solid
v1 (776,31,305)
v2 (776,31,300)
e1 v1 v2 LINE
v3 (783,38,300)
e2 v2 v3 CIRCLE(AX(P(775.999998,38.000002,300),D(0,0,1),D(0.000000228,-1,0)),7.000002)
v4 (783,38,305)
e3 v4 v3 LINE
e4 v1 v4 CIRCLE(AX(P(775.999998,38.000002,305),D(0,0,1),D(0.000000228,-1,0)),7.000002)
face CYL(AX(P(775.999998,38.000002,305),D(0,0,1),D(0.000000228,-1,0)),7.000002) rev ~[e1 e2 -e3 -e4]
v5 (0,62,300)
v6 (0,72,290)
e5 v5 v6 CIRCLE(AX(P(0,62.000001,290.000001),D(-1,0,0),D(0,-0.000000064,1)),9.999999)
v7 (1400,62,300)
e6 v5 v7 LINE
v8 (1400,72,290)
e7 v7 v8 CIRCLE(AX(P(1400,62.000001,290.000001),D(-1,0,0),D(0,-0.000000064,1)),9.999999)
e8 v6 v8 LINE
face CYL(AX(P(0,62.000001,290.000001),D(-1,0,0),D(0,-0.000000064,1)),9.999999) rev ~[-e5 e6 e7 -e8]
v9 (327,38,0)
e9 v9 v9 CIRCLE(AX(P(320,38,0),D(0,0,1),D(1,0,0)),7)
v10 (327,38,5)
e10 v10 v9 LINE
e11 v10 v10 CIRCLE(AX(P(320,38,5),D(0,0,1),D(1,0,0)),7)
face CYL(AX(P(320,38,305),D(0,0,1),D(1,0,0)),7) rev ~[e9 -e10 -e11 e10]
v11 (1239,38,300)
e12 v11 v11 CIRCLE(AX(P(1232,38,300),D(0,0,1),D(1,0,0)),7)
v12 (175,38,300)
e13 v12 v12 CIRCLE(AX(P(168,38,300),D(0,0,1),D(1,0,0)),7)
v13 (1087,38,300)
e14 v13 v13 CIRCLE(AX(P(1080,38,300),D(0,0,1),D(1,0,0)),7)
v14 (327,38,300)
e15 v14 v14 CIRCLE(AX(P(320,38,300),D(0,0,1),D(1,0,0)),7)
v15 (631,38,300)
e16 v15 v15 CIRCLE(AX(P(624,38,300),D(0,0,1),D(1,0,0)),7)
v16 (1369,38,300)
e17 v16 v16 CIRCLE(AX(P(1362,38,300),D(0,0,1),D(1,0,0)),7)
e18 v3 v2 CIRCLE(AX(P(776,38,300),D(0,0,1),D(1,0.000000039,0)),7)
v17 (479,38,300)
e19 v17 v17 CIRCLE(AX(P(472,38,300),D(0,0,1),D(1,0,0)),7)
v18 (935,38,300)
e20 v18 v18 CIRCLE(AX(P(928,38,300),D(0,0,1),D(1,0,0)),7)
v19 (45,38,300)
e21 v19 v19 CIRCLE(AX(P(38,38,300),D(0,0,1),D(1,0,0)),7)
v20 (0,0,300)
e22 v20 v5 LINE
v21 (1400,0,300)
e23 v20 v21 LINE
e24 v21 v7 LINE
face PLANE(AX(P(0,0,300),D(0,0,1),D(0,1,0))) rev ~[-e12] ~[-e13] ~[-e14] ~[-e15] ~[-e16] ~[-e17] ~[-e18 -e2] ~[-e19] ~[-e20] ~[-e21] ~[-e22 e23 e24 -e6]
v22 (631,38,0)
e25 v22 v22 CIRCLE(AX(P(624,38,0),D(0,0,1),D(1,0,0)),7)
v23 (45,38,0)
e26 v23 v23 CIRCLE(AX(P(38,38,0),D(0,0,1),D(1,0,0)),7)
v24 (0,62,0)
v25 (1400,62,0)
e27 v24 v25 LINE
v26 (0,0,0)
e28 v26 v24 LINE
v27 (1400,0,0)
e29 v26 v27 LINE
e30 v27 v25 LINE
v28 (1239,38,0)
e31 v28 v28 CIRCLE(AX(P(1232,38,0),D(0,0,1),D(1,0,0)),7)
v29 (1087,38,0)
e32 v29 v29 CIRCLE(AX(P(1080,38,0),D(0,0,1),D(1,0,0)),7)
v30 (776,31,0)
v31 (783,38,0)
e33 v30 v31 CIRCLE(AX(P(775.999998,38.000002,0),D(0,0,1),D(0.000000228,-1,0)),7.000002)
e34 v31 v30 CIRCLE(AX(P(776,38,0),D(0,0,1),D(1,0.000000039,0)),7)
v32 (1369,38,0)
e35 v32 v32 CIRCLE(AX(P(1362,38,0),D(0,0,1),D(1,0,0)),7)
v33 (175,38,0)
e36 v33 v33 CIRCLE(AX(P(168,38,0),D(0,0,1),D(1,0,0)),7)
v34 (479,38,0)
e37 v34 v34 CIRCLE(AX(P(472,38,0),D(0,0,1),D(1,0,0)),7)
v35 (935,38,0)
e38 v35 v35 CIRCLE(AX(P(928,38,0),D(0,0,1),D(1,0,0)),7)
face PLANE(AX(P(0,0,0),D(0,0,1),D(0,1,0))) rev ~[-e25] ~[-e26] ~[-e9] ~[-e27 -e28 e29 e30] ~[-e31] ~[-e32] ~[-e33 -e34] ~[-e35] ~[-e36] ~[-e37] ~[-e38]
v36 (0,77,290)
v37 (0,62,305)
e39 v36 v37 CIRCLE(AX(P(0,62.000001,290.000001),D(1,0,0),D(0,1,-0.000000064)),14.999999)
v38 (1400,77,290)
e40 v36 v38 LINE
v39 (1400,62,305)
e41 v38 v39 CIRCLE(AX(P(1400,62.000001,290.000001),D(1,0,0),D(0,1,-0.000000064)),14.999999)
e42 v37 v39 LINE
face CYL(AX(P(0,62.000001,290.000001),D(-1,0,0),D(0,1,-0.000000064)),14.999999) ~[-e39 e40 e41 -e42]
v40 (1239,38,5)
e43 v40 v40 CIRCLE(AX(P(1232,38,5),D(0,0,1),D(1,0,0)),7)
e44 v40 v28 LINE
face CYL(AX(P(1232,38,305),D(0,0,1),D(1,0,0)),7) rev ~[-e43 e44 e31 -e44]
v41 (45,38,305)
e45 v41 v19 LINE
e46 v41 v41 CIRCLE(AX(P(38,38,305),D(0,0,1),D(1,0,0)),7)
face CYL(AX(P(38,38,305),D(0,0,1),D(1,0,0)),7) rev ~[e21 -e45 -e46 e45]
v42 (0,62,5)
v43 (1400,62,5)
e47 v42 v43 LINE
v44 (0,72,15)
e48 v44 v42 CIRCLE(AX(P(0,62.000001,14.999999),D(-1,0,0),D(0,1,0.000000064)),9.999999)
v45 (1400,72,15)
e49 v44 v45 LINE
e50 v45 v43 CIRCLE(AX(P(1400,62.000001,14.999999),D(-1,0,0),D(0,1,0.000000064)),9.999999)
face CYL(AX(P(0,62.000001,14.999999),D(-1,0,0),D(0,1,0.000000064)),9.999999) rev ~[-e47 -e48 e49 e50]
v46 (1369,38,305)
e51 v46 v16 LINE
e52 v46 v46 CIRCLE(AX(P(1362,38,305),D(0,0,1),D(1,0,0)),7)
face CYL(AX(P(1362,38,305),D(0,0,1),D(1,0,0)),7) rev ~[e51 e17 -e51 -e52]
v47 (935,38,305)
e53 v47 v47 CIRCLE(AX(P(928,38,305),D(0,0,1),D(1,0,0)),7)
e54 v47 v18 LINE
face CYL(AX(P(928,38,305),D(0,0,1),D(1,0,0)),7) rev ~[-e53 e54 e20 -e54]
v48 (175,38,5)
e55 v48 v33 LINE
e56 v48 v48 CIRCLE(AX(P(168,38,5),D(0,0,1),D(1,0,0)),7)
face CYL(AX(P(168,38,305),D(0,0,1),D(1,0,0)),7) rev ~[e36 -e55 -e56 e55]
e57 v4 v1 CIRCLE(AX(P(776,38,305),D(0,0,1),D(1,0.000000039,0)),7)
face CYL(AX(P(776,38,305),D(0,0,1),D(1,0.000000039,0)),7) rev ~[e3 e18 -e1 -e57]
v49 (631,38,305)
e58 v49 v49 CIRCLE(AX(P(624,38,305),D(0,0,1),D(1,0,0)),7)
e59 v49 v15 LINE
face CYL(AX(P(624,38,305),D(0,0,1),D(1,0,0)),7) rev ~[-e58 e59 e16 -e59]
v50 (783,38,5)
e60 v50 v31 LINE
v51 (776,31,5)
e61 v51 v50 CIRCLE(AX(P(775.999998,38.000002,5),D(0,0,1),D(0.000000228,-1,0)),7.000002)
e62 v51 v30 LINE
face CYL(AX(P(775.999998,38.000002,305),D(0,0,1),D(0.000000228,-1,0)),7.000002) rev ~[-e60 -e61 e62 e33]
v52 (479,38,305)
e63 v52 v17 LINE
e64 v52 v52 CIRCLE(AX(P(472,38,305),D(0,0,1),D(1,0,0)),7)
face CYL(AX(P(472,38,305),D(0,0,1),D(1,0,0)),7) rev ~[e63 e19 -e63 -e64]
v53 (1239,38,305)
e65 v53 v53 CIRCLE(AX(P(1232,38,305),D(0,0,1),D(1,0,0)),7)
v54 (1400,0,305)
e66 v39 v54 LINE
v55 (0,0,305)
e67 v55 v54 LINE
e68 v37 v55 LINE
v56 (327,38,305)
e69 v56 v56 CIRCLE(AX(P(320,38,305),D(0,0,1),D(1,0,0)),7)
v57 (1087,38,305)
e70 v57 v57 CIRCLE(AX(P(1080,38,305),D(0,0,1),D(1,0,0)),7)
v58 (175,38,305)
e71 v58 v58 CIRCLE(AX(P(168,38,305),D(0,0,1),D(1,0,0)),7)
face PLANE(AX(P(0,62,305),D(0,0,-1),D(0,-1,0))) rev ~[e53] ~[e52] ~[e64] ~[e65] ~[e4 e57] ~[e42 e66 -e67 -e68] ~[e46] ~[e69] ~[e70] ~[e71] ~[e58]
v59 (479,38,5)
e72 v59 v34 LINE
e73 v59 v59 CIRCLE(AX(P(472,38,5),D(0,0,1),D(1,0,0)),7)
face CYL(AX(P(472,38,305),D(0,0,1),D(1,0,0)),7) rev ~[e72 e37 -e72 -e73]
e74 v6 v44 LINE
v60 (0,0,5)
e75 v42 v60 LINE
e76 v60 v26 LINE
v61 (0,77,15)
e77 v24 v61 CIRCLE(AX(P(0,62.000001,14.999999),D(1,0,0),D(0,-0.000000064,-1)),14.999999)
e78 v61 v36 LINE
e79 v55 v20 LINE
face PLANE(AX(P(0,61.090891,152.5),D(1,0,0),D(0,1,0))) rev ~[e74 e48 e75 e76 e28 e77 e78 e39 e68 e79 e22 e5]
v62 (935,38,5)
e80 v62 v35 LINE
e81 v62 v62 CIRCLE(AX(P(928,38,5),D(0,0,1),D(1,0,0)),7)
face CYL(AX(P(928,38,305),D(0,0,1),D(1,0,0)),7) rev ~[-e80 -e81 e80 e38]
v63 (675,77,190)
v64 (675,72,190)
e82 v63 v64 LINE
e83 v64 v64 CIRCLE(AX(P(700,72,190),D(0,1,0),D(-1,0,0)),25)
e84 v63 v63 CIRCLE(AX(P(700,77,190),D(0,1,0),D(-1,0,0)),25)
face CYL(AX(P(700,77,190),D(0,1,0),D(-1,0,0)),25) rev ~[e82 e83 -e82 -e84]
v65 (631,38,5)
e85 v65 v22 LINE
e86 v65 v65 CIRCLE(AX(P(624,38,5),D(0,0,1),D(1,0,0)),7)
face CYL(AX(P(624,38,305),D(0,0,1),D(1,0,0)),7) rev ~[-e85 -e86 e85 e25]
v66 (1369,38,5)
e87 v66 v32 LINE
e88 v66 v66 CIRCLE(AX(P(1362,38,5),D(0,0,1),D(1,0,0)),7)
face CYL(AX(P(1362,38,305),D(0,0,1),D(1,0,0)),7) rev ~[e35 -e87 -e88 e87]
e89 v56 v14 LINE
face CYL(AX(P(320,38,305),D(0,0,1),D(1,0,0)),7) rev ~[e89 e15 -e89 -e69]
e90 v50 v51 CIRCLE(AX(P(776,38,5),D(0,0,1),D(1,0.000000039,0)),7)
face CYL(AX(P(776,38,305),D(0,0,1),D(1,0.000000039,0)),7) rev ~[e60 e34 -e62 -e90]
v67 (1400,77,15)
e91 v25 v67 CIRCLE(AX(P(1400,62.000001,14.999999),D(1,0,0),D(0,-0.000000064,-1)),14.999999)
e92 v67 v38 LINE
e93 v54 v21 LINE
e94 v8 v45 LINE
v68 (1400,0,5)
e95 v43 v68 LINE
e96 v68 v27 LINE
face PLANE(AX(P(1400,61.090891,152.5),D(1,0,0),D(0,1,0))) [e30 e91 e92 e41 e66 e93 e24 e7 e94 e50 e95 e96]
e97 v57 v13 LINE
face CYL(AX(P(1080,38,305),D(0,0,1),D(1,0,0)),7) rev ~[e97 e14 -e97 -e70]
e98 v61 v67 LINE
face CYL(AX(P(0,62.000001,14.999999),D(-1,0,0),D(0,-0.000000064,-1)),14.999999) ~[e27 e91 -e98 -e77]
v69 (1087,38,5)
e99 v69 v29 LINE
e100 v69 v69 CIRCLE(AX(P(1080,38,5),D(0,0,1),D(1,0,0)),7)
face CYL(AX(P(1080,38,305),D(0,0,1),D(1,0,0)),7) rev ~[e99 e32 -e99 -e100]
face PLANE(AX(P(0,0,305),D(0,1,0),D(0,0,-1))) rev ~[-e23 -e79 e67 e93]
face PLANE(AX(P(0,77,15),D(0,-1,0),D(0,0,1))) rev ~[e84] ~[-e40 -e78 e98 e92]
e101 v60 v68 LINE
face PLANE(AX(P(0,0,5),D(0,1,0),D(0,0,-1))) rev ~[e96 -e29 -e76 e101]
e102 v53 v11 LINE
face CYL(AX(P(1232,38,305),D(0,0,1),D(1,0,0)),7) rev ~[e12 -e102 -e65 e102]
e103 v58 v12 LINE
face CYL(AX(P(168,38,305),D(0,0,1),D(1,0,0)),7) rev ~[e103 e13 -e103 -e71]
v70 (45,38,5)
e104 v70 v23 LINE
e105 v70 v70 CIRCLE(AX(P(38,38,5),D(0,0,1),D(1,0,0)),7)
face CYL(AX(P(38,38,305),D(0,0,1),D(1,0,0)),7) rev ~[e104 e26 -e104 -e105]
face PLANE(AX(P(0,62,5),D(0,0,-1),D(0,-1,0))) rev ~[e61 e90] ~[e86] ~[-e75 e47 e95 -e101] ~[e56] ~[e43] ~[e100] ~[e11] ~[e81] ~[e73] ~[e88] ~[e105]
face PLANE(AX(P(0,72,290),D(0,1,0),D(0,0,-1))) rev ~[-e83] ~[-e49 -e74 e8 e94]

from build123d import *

# Parameters (mm, degrees)
F1_DEPTH = 1400
F2_R     = 25
F3_DEPTH = 5
F4_R     = 7
F5_DEPTH = 305.001
F6_DEPTH = 305.001


with BuildPart() as f1:
    # F0 (on Right) → F1 (new body)
    with BuildSketch(Plane.YZ):
        with BuildLine():
            Line((0, 5), (0, 0))
            Line((0, 0), (62, 0))
            ThreePointArc((62, 0), (72.606602, 4.393398), (77, 15))
            Line((77, 15), (77, 290))
            ThreePointArc((77, 290), (72.606602, 300.606602), (62, 305))
            Line((62, 305), (0, 305))
            Line((0, 305), (0, 300))
            Line((0, 300), (62, 300))
            ThreePointArc((62, 300), (69.071068, 297.071068), (72, 290))
            Line((72, 290), (72, 15))
            ThreePointArc((72, 15), (69.071068, 7.928932), (62, 5))
            Line((62, 5), (0, 5))
        make_face()
    extrude(amount=F1_DEPTH)

    # F2 (on face) → F3 (cut, through all)
    with BuildSketch(Plane(origin=(0, 77, 0), x_dir=(-1, 0, 0), z_dir=(0, 1, 0))):
        with Locations((-700, 190)):
            Circle(F2_R)
    extrude(amount=-F3_DEPTH, mode=Mode.SUBTRACT)

    # F4 (on face) → F5 (cut, through all)
    with BuildSketch(Plane.XY.offset(305)):
        with BuildLine():
            ThreePointArc((783, 38), (771.050253, 42.949747), (776, 31))
            ThreePointArc((776, 31), (780.949747, 33.050253), (783, 38))
        make_face()
        with Locations((928, 38)):
            Circle(F4_R)
        with Locations((1080, 38)):
            Circle(F4_R)
        with Locations((1232, 38)):
            Circle(F4_R)
        with Locations((1362, 38)):
            Circle(F4_R)
    extrude(amount=-F5_DEPTH, mode=Mode.SUBTRACT)

    # F4 (on face) → F6 (cut, through all)
    with BuildSketch(Plane.XY.offset(305)):
        with BuildLine():
            ThreePointArc((776, 31), (780.949747, 33.050253), (783, 38))
            ThreePointArc((783, 38), (771.050253, 42.949747), (776, 31))
        make_face()
        with Locations((928, 38)):
            Circle(F4_R)
        with Locations((1080, 38)):
            Circle(F4_R)
        with Locations((1232, 38)):
            Circle(F4_R)
        with Locations((1362, 38)):
            Circle(F4_R)
        with Locations((624, 38)):
            Circle(F4_R)
        with Locations((472, 38)):
            Circle(F4_R)
        with Locations((320, 38)):
            Circle(F4_R)
        with Locations((168, 38)):
            Circle(F4_R)
        with Locations((38, 38)):
            Circle(F4_R)
    extrude(amount=-F6_DEPTH, mode=Mode.SUBTRACT)


solid = f1.part
